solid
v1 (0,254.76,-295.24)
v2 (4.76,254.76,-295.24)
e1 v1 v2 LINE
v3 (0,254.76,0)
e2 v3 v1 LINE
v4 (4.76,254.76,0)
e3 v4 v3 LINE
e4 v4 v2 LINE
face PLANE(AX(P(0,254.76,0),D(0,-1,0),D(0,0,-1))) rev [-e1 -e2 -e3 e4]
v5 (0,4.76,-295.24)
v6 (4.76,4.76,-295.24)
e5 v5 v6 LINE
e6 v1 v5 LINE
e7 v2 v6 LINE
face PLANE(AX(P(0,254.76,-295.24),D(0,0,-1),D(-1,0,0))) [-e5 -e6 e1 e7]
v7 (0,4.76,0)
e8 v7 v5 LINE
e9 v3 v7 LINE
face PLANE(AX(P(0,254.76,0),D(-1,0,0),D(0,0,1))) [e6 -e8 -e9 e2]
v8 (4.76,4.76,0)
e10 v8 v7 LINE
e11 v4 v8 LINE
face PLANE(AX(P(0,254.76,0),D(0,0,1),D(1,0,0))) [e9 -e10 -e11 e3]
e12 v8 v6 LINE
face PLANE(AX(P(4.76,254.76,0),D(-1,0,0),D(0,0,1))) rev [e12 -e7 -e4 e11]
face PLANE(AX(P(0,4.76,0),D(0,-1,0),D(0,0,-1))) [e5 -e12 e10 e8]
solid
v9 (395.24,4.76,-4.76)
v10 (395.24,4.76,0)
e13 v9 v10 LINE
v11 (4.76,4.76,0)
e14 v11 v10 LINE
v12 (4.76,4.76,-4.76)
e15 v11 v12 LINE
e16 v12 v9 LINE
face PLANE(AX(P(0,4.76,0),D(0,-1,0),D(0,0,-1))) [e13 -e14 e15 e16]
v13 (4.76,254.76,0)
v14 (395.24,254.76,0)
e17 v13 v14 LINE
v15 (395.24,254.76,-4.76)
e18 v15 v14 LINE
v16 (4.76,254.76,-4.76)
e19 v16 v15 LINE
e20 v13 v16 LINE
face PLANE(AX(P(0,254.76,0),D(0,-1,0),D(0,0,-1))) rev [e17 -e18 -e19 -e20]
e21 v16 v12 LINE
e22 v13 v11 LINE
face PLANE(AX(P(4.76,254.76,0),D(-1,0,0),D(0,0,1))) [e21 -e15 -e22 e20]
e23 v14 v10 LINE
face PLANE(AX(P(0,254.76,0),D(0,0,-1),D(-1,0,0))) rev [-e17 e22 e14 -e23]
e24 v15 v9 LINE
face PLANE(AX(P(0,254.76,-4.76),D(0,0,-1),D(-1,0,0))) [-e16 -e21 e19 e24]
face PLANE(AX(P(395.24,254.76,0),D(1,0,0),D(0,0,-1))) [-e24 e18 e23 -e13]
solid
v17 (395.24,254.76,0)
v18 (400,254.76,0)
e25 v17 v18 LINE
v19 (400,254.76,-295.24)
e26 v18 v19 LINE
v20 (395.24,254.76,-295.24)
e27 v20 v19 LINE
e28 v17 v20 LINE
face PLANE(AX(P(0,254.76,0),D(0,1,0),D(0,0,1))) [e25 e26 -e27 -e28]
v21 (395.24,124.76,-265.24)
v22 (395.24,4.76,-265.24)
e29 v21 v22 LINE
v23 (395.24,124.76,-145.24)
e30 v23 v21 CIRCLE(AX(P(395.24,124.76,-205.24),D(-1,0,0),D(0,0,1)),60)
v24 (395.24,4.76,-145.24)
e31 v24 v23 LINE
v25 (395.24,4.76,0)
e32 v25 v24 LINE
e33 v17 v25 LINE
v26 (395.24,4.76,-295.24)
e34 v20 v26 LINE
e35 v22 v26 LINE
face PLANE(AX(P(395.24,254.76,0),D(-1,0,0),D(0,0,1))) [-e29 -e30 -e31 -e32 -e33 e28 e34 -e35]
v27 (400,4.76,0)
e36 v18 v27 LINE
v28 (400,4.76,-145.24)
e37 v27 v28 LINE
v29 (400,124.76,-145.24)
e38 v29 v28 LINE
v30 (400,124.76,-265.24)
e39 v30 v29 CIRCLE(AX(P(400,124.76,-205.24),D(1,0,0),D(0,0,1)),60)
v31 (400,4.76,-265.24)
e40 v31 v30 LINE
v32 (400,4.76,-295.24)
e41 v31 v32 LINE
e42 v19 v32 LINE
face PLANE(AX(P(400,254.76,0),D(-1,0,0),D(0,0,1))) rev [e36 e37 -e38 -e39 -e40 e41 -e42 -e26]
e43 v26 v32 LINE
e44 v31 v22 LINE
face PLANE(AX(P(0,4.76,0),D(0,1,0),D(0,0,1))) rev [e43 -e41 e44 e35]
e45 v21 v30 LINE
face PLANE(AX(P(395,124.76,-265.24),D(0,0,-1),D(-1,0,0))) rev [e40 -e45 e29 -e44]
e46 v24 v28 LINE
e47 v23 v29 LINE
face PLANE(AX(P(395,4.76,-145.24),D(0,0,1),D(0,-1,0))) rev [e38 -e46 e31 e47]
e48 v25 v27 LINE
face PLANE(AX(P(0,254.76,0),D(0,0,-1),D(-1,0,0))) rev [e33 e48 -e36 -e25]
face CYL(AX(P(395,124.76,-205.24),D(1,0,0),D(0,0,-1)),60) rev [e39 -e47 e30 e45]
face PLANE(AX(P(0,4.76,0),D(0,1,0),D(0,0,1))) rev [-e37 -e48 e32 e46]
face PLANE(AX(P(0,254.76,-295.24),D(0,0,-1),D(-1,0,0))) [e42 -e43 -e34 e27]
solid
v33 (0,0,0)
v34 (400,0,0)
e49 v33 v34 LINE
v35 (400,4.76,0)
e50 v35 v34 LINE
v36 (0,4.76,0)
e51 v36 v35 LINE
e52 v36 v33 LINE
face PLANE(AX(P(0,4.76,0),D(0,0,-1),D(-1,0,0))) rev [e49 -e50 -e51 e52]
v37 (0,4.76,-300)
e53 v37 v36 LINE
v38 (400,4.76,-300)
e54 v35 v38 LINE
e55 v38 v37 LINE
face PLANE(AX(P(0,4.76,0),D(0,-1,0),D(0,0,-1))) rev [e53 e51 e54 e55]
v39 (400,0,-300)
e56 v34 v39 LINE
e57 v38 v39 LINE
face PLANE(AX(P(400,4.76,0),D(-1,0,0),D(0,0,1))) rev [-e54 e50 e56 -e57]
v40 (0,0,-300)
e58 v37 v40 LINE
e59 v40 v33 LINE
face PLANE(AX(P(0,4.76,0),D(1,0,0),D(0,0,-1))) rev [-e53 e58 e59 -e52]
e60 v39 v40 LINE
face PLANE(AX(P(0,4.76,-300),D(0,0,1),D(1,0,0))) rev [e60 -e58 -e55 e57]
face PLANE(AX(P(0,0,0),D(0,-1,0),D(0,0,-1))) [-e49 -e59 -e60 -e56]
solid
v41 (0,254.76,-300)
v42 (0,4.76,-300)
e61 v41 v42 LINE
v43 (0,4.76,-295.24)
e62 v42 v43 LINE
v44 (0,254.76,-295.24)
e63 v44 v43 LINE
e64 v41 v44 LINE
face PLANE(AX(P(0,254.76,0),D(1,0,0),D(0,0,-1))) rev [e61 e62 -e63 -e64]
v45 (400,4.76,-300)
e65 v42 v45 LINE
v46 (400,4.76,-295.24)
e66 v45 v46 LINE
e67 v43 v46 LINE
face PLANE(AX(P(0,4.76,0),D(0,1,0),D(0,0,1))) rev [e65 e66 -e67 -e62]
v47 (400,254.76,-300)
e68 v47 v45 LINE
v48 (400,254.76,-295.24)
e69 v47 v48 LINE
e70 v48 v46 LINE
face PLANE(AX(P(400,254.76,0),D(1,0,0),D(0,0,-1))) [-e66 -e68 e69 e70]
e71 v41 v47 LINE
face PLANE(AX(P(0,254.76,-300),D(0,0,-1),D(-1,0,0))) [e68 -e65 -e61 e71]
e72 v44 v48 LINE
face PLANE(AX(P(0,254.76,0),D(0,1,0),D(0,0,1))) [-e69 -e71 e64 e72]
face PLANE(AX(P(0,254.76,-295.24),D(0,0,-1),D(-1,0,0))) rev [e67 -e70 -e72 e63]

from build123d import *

# Parameters (mm, degrees)
BASE_W              = 400
BASE_H              = 300
BASE_EXTRUDE_DEPTH  = 4.76
BOSS_EXTRUDE2_START = 4.76
BOSS_EXTRUDE2_DEPTH = 250
BOSS_EXTRUDE3_START = 4.76
SKETCH2_3_W         = 400
SKETCH2_3_H         = 4.76
BOSS_EXTRUDE3_DEPTH = 250
BOSS_EXTRUDE4_START = 4.76
SKETCH2_4_W         = 4.76
SKETCH2_4_H         = 295.24
BOSS_EXTRUDE4_DEPTH = 250
BOSS_EXTRUDE5_START = 4.76
SKETCH2_5_W         = 390.48
SKETCH2_5_H         = 4.76
BOSS_EXTRUDE5_DEPTH = 250
CUT_EXTRUDE1_DEPTH  = 5


with BuildPart() as part:
    # base → base-extrude (new body)
    with BuildSketch(Plane(origin=(0, 0, 0), x_dir=(1, 0, 0), z_dir=(0, 1, 0))):
        with Locations((200, 150)):
            Rectangle(BASE_W, BASE_H)
    extrude(amount=BASE_EXTRUDE_DEPTH)


with BuildPart() as body_2:
    # Sketch2 → Boss-Extrude2 (new body)
    with BuildSketch(Plane(origin=(0, 0, 0), x_dir=(1, 0, 0), z_dir=(0, 1, 0)).offset(BOSS_EXTRUDE2_START)):
        Polygon((4.76, 295.24), (0, 295.24), (0, 0), (4.76, 0), (4.76, 4.76), align=None)
    extrude(amount=BOSS_EXTRUDE2_DEPTH)


with BuildPart() as body_3:
    # Sketch2<3> → Boss-Extrude3 (new body)
    with BuildSketch(Plane(origin=(0, 0, 0), x_dir=(1, 0, 0), z_dir=(0, 1, 0)).offset(BOSS_EXTRUDE3_START)):
        with Locations((200, 297.62)):
            Rectangle(SKETCH2_3_W, SKETCH2_3_H)
    extrude(amount=BOSS_EXTRUDE3_DEPTH)


with BuildPart() as body_4:
    # Sketch2<4> → Boss-Extrude4 (new body)
    with BuildSketch(Plane(origin=(0, 0, 0), x_dir=(1, 0, 0), z_dir=(0, 1, 0)).offset(BOSS_EXTRUDE4_START)):
        with Locations((397.62, 147.62)):
            Rectangle(SKETCH2_4_W, SKETCH2_4_H)
    extrude(amount=BOSS_EXTRUDE4_DEPTH)

    # Sketch3 → Cut-Extrude1 (cut)
    with BuildSketch(Plane(origin=(400, 0, 0), x_dir=(0, 0, -1), z_dir=(1, 0, 0))):
        with BuildLine():
            Line((145.24, 4.76), (145.24, 124.76))
            ThreePointArc((145.24, 124.76), (205.24, 184.76), (265.24, 124.76))
            Line((265.24, 124.76), (265.24, 4.76))
            Line((265.24, 4.76), (145.24, 4.76))
        make_face()
    extrude(amount=-CUT_EXTRUDE1_DEPTH, mode=Mode.SUBTRACT)


with BuildPart() as body_5:
    # Sketch2<5> → Boss-Extrude5 (new body)
    with BuildSketch(Plane(origin=(0, 0, 0), x_dir=(1, 0, 0), z_dir=(0, 1, 0)).offset(BOSS_EXTRUDE5_START)):
        with Locations((200, 2.38)):
            Rectangle(SKETCH2_5_W, SKETCH2_5_H)
    extrude(amount=BOSS_EXTRUDE5_DEPTH)


solid = Compound([part.part, body_2.part, body_3.part, body_4.part, body_5.part])
